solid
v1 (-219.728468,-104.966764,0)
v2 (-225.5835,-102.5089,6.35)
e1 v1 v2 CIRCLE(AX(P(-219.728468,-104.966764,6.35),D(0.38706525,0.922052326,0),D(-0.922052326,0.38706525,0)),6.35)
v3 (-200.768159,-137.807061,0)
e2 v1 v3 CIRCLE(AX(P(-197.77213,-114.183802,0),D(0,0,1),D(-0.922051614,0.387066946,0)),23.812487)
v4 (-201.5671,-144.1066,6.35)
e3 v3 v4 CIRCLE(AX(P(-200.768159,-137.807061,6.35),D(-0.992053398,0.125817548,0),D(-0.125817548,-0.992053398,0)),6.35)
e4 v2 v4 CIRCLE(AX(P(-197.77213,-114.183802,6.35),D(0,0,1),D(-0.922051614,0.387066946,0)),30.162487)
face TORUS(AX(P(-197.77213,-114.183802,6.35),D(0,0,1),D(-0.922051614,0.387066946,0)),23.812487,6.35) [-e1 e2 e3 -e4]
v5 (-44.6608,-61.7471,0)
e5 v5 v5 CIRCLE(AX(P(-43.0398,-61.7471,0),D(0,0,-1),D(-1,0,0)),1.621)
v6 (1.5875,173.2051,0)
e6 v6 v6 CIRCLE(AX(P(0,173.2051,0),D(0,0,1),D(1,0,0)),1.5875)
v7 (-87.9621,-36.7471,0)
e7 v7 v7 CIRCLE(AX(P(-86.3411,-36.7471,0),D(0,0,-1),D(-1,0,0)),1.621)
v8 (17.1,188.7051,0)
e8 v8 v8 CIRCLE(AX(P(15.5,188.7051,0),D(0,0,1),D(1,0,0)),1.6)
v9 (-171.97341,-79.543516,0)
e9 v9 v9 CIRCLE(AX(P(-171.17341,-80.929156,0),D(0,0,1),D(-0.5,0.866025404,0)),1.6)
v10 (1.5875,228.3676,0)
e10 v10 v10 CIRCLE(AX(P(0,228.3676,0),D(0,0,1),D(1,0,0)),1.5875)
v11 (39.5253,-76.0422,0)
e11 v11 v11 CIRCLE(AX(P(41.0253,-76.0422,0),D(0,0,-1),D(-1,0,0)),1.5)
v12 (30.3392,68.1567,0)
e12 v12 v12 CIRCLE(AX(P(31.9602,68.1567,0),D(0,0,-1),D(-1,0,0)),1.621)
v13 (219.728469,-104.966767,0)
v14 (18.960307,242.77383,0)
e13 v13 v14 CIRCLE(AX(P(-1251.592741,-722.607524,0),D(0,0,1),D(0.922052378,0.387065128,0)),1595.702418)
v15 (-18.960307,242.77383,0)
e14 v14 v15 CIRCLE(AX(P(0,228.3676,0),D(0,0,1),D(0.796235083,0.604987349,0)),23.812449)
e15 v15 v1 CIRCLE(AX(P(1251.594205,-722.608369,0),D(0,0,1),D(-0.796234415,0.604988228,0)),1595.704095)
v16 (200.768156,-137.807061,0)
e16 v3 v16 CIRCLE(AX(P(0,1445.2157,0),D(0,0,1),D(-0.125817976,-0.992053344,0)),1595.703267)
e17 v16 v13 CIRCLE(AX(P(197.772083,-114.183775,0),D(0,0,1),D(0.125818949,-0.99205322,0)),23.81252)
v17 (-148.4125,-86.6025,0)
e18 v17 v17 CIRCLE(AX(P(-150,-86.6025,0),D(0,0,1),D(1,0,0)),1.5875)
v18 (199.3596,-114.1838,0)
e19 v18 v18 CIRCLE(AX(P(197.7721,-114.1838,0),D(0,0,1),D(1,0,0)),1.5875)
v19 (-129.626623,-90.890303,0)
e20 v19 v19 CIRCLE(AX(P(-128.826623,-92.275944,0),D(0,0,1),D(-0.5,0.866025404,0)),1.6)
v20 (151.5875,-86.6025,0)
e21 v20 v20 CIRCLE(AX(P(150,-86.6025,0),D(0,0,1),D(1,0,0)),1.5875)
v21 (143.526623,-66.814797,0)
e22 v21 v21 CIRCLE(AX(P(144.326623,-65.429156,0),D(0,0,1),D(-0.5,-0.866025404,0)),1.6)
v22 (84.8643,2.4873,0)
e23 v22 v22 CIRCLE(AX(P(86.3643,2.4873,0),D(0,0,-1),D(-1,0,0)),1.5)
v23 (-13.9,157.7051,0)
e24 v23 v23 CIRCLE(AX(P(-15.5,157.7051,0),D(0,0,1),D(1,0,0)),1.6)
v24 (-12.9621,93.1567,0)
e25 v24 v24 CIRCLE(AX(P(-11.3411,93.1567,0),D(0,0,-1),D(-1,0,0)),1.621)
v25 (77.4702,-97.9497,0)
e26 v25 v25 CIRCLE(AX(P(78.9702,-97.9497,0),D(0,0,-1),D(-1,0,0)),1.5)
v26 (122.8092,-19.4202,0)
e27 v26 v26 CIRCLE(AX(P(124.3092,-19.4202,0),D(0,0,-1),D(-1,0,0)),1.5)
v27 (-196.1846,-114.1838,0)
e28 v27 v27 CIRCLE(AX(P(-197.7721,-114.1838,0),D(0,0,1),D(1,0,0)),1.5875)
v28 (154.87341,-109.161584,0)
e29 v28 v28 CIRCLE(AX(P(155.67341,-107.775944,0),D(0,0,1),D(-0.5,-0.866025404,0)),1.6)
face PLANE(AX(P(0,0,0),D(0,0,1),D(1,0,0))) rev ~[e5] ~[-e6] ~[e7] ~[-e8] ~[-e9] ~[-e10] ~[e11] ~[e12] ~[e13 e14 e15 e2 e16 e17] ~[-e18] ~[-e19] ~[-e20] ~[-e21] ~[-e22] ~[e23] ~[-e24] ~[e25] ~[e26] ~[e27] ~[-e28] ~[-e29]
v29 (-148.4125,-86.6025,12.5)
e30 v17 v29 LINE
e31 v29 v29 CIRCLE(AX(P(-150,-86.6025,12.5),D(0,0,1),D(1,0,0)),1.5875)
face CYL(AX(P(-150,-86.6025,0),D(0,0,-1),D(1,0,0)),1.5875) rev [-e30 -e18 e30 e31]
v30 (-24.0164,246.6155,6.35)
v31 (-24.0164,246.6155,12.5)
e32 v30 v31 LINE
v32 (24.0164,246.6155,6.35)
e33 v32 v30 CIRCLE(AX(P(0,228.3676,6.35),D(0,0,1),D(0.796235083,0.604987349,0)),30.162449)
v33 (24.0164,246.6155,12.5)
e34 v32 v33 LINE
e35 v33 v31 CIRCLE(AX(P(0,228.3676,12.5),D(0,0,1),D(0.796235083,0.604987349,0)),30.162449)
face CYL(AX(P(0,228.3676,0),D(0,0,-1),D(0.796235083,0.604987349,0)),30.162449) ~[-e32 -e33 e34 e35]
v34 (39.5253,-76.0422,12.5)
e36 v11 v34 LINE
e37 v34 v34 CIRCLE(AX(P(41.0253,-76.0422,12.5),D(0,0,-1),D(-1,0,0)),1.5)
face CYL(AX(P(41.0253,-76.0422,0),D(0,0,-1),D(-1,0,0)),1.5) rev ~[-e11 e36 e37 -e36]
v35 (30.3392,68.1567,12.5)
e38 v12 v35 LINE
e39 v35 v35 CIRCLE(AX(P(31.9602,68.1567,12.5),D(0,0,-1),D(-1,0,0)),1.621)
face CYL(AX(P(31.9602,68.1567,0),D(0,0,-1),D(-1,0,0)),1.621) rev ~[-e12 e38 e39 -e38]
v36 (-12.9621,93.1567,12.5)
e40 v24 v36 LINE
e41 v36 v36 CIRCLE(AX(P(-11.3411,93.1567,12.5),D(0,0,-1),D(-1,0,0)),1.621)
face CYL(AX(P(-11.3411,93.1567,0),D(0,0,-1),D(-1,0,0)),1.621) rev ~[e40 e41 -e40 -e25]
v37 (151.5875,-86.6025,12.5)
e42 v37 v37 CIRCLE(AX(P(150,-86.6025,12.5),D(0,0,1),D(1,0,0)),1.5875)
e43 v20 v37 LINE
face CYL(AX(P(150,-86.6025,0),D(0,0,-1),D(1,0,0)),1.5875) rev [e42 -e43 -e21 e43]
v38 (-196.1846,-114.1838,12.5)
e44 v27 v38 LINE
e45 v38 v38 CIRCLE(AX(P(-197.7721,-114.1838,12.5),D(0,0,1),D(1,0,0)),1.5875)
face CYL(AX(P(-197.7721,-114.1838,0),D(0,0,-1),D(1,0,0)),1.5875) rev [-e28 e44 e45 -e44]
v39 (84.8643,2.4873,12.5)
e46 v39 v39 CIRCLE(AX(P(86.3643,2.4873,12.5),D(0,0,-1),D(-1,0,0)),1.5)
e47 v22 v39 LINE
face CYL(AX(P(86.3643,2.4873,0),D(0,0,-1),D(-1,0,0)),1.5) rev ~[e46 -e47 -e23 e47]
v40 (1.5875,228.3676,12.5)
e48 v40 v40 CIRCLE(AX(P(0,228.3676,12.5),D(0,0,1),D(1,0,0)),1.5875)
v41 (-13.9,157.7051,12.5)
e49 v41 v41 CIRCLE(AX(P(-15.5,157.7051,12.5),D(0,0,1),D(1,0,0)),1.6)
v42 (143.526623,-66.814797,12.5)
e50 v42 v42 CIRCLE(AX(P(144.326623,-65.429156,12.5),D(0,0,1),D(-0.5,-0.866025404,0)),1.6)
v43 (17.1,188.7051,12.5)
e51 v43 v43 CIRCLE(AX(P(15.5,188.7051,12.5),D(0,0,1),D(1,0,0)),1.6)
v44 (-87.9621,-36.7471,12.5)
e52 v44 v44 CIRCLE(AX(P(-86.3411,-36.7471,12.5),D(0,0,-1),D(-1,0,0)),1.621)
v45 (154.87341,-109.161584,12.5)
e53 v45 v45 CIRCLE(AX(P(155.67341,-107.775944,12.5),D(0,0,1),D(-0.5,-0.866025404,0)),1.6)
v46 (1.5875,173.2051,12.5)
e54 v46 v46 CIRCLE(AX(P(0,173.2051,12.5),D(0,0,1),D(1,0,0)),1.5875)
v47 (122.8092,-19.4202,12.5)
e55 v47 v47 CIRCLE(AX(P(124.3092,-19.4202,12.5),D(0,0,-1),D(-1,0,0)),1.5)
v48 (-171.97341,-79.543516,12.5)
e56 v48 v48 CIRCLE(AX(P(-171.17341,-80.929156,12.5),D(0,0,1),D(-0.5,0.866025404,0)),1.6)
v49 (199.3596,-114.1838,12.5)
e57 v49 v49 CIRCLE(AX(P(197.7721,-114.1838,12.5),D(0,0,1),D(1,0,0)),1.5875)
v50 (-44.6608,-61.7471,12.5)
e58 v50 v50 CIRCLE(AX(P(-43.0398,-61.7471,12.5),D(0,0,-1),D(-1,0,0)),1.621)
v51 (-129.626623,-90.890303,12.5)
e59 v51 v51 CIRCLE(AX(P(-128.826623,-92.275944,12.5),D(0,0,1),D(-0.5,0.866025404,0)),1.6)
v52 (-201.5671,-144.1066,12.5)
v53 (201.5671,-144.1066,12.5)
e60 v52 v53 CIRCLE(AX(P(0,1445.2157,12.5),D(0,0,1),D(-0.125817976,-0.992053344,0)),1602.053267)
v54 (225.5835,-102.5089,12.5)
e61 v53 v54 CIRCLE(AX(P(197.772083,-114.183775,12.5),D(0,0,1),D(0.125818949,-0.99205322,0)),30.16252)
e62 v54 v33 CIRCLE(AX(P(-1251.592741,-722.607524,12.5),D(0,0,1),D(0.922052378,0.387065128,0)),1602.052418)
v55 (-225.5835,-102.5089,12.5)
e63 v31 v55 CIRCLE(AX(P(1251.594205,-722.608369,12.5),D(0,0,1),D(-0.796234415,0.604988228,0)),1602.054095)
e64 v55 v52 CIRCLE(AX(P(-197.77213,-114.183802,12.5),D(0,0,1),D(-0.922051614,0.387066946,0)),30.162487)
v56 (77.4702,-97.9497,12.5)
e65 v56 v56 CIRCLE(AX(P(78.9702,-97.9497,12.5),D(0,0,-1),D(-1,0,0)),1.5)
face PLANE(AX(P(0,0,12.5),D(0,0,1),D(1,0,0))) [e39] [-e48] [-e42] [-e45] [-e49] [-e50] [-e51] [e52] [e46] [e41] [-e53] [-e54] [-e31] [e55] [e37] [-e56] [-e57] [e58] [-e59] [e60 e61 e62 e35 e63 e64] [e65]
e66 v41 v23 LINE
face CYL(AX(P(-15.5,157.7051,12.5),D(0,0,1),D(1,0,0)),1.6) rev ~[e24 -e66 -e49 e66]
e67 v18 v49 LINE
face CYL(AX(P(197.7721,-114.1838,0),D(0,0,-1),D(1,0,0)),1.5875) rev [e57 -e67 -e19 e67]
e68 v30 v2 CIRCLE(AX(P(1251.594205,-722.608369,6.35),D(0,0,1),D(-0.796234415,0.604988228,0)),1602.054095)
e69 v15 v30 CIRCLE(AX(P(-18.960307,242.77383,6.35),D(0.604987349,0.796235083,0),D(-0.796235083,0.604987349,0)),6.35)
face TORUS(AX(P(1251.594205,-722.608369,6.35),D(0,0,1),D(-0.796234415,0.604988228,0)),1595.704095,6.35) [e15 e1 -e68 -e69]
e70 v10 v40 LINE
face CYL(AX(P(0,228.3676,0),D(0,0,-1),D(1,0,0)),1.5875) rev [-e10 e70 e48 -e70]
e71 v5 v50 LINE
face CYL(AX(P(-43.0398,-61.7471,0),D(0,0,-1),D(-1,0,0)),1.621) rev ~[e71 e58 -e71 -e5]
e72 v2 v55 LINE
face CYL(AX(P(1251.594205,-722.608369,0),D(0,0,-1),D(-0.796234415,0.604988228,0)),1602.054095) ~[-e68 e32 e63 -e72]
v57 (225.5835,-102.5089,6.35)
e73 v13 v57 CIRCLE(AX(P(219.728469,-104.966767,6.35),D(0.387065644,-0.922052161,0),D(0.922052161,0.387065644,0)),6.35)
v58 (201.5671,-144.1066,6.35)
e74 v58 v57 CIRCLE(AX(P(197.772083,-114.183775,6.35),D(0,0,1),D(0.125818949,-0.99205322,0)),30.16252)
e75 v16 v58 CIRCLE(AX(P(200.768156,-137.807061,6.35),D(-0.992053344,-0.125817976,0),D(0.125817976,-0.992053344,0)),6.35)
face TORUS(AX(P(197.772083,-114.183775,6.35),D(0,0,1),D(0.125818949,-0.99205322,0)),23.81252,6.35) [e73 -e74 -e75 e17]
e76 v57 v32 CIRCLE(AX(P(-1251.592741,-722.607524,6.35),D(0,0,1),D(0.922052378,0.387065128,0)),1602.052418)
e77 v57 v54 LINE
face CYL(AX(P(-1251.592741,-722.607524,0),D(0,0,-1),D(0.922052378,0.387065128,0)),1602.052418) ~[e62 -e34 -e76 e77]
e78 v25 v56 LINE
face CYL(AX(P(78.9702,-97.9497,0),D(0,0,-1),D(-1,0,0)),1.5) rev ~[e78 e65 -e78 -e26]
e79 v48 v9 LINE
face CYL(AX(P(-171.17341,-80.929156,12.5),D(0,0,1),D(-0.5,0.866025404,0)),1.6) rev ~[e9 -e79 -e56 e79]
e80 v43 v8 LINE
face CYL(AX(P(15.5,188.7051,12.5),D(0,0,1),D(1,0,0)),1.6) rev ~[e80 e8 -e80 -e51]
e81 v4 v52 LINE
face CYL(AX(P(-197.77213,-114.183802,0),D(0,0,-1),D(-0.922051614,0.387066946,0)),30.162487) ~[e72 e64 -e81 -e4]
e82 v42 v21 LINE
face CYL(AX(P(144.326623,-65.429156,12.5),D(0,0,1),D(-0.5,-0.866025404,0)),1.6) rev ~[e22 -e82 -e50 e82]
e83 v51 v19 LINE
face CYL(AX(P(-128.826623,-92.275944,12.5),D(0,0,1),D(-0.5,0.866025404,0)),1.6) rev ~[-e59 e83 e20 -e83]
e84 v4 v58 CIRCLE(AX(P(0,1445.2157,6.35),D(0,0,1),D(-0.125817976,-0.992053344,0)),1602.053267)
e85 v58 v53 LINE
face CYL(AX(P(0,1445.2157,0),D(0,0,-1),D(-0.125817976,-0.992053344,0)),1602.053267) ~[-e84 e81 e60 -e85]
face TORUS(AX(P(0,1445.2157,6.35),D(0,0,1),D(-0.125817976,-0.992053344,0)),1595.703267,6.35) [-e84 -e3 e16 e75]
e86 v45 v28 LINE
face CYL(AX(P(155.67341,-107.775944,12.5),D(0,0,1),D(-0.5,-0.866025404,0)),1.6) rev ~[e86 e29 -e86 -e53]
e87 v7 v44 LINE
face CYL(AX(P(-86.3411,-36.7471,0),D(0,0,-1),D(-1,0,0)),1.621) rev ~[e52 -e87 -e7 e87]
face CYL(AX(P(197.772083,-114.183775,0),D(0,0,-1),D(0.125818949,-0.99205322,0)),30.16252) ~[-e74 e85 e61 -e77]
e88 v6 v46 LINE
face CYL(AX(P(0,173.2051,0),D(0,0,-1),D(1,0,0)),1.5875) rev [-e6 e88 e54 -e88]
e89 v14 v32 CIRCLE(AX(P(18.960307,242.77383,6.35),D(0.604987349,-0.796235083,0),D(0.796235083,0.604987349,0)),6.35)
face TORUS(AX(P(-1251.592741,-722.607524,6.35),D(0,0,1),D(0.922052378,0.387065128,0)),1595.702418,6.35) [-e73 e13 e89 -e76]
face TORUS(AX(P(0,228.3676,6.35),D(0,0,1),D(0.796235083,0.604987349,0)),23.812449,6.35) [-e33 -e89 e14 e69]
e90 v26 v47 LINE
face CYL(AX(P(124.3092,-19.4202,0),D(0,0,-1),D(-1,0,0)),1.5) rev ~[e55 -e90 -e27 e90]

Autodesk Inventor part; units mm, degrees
ref_plane "YZ Plane" through (0, 0, 0) normal (1, 0, 0) x (0, 1, 0)
ref_plane "XZ Plane" through (0, 0, 0) normal (0, 1, 0) x (-1, 0, 0)
ref_plane "XY Plane" through (0, 0, 0) normal (0, 0, 1) x (1, 0, 0)
sketch "Sketch1" plane through (0, 0, 0) normal (0, 0, 1) x (1, 0, 0)
  line L0 (0, -144.3376) -> (-125, 72.1688) construction
  line L1 (-125, 72.1688) -> (125, 72.1688) construction
  line L2 (125, 72.1688) -> (0, -144.3376) construction
  line L3 (0, 173.2051) -> (150, -86.6025) construction
  line L4 (150, -86.6025) -> (-150, -86.6025) construction
  line L5 (-150, -86.6025) -> (0, 173.2051) construction
  circle A0 centre (-150, -86.6025) radius 1.5875
  circle A1 centre (150, -86.6025) radius 1.5875
  circle A2 centre (0, 173.2051) radius 1.5875
  circle A3 centre (-125, 72.1688) radius 4.25
  circle A4 centre (125, 72.1688) radius 4.25
  circle A5 centre (0, -144.3376) radius 4.25
  circle A6 centre (-150, -86.6025) radius 25 construction
  line L6 (-250.0151, -144.3463) -> (0, 288.6926) construction
  line L7 (0, 288.6926) -> (250.0151, -144.3463) construction
  line L8 (250.0151, -144.3463) -> (-250.0151, -144.3463) construction
  arc A7 (-225.5835, -102.5089) -> (-201.5671, -144.1066) centre (-197.7721, -114.1838) ccw
  circle A8 centre (-125, 72.1688) radius 12.5 construction
  arc A9 (24.0164, 246.6155) -> (-24.0164, 246.6155) centre (0, 228.3676) ccw
  arc A10 (201.5671, -144.1066) -> (225.5835, -102.5089) centre (197.7721, -114.1838) ccw
  arc A11 (-24.0164, 246.6155) -> (-225.5835, -102.5089) centre (1251.5935, -722.6079) ccw
  arc A12 (225.5835, -102.5089) -> (24.0164, 246.6155) centre (-1251.5935, -722.6079) ccw
  arc A13 (-201.5671, -144.1066) -> (201.5671, -144.1066) centre (0, 1445.2157) ccw
  circle A14 centre (0, 228.3676) radius 1.5875
  circle A15 centre (-197.7721, -114.1838) radius 1.5875
  circle A16 centre (197.7721, -114.1838) radius 1.5875
  point P0 (0, 0)
  point P1 (0, 0)
  point P2 (0, 0)
  point P3 (0, 0)
  dimension "d0" = 300
  dimension "d1" = 250
  dimension "d2" = 3.175
  dimension "d3" = 8.5
  dimension "d4" = 50
  dimension "d5" = 60.325
  dimension "d6" = 25
  dimension "d9" = 3.175
extrude "Extrusion2" add sketch "Sketch1" along normal blind 12.5 contours A3 | A4 | A5 | A11 A9 A12 A10 A13 A7
sketch "Sketch8" plane through (0, 0, 12.5) normal (0, 0, 1) x (1, 0, 0)
  circle A0 centre (0, 173.2051) radius 1.5875 projected
  line L0 (15.5, 157.7051) -> (-15.5, 157.7051) construction
  line L1 (-15.5, 157.7051) -> (-15.5, 188.7051) construction
  line L2 (-15.5, 188.7051) -> (15.5, 188.7051) construction
  line L3 (15.5, 188.7051) -> (15.5, 157.7051) construction
  circle A1 centre (-15.5, 157.7051) radius 1.6
  circle A2 centre (15.5, 188.7051) radius 1.6
  point P0 (0, 0)
  dimension "d34" = 3.2
  dimension "d36" = 31
extrude "Extrusion9" cut sketch "Sketch8" against normal through all contours A1 | A2
pattern_circular "Circular Pattern1" count 3 over 360 about axis through (0, 0, -10) along (0, 0, 1) of "Extrusion9"
sketch "Sketch9" plane through (0, 0, 0) normal (0, 0, -1) x (-1, 0, 0)
  circle A0 centre (43.0398, -61.7471) radius 1.621 projected
  circle A1 centre (11.3411, 93.1567) radius 1.621 projected
  circle A2 centre (-31.9602, 68.1567) radius 1.621 projected
  circle A3 centre (86.3411, -36.7471) radius 1.621 projected
  line L0 (-76.356, 80.0525) -> (31.144, -106.143) projected
  line L1 (31.144, -106.143) -> (130.7369, -48.643) projected
  line L2 (130.7369, -48.643) -> (23.2369, 137.5525) projected
  line L3 (23.2369, 137.5525) -> (-76.356, 80.0525) projected
  line L4 (-51.5025, -76.895) -> (-72.9929, -89.3025) projected
  arc A4 (-79.8231, -87.4724) -> (-72.9929, -89.3025) centre (-75.4929, -84.9724) ccw projected
  line L5 (-79.8231, -87.4724) -> (-115.6621, -25.3974) projected
  arc A5 (-113.8319, -18.5673) -> (-115.6621, -25.3974) centre (-111.3319, -22.8974) ccw projected
  line L6 (-113.8319, -18.5673) -> (-92.3415, -6.1598) projected
  arc A6 (-85.5114, -7.9899) -> (-92.3415, -6.1598) centre (-89.8415, -10.4899) ccw projected
  line L7 (-85.5114, -7.9899) -> (-49.6724, -70.0649) projected
  arc A7 (-51.5025, -76.895) -> (-49.6724, -70.0649) centre (-54.0025, -72.5649) ccw projected
  circle A8 centre (-41.0253, -76.0422) radius 1.5 projected
  circle A9 centre (-78.9702, -97.9497) radius 1.5 projected
  circle A10 centre (-86.3643, 2.4873) radius 1.5 projected
  arc A11 (-125.8092, -16.8221) -> (-126.9072, -20.9202) centre (-124.3092, -19.4202) ccw projected
  line L8 (-126.9072, -20.9202) -> (-81.5682, -99.4497) projected
  arc A12 (-81.5682, -99.4497) -> (-77.4702, -100.5477) centre (-78.9702, -97.9497) ccw projected
  line L9 (-77.4702, -100.5477) -> (-39.5253, -78.6402) projected
  arc A13 (-39.5253, -78.6402) -> (-38.4272, -74.5422) centre (-41.0253, -76.0422) ccw projected
  line L10 (-38.4272, -74.5422) -> (-83.7662, 3.9873) projected
  arc A14 (-83.7662, 3.9873) -> (-87.8643, 5.0854) centre (-86.3643, 2.4873) ccw projected
  line L11 (-87.8643, 5.0854) -> (-125.8092, -16.8221) projected
  circle A15 centre (-124.3092, -19.4202) radius 1.5 projected
  point P0 (0, 0)
extrude "Extrusion10" cut sketch "Sketch9" against normal through all contours A0 | A1 | A2 | A3 | A8 | A9 | A10 | A15
fillet "Fillet2" radius 6.35 6 edges at (0, 258.5301, 0) (135.8253, 78.4188, 0) (223.8936, -129.265, 0) (0, -156.8376, 0) (-223.8936, -129.265, 0) (-135.8253, 78.4188, 0)
sketch "Sketch2" plane through (0, 0, 12.5) normal (0, 0, 1) x (1, 0, 0)
  circle A0 centre (0, 0) radius 105
  dimension "d12" = 210
sketch "Sketch3" plane through (0, 0, 10.595) normal (0, 0, 1) x (1, 0, 0)
  circle A0 centre (0, 0) radius 105 projected
  line L0 (-31.25, 100.2419) -> (-31.25, 30)
  line L1 (-31.25, 30) -> (31.25, 30)
  line L2 (31.25, 30) -> (31.25, 100.2419)
  line L3 (0, 30) -> (0, 105) construction
  dimension "d16" = 75
  dimension "d18" = 62.5
sketch "Sketch4" plane through (0, 0, 12.5) normal (0, 0, 1) x (1, 0, 0)
  circle A0 centre (0, 0) radius 105 projected
  circle A1 centre (0, 105) radius 12.5
  dimension "d21" = 25
sketch "Sketch5" plane through (0, 0, 12.5) normal (0, 0, 1) x (1, 0, 0)
  arc A0 (24.0164, 246.6155) -> (-24.0164, 246.6155) centre (0, 228.3676) ccw projected
  arc A1 (201.5671, -144.1066) -> (225.5835, -102.5089) centre (197.7721, -114.1838) ccw projected
  circle A2 centre (0, 228.3676) radius 1.5875 projected
  circle A3 centre (-197.7721, -114.1838) radius 1.5875 projected
  circle A4 centre (197.7721, -114.1838) radius 1.5875 projected
  circle A5 centre (0, 228.3676) radius 30.1625
  circle A6 centre (197.7721, -114.1838) radius 30.1625
  circle A7 centre (-197.7721, -114.1838) radius 30.1625
sketch "Sketch6" plane through (-193.442, -111.6838, 571.3) normal (0, 0, 1) x (1, 0, 0)
  circle A0 centre (0, 0) radius 1.5875 projected
  circle A1 centre (0, 0) radius 30.1625 projected
  arc A2 (205.9198, 215.9397) -> (180.9642, 215.9397) centre (193.442, 216.6838) ccw projected
  arc A3 (180.9642, 215.9397) -> (205.9198, 215.9397) centre (193.442, 111.6838) ccw projected
  circle A4 centre (193.442, -32.6538) radius 4.25 projected
  circle A5 centre (318.442, 183.8526) radius 4.25 projected
  circle A6 centre (68.442, 183.8526) radius 4.25 projected
  circle A7 centre (193.442, 284.8889) radius 1.5875 projected
  circle A8 centre (343.442, 25.0812) radius 1.5875 projected
  circle A9 centre (43.442, 25.0812) radius 1.5875 projected
  arc A10 (-4.6471, -29.8024) -> (-28.1332, 10.8766) centre (0, 0) ccw projected
  arc A11 (-4.6471, -29.8024) -> (391.5311, -29.8024) centre (193.442, 1240.5571) ccw projected
  arc A12 (415.0172, 10.8766) -> (391.5311, -29.8024) centre (386.884, 0) ccw projected
  arc A13 (415.0172, 10.8766) -> (216.928, 353.9771) centre (-784.1909, -452.7528) ccw projected
  arc A14 (169.956, 353.9771) -> (216.928, 353.9771) centre (193.442, 335.0514) ccw projected
  arc A15 (169.956, 353.9771) -> (-28.1332, 10.8766) centre (1171.0749, -452.7528) ccw projected
  circle A16 centre (193.442, 335.0514) radius 1.5875 projected
  circle A17 centre (193.442, 335.0514) radius 30.1625 projected
  circle A18 centre (386.884, 0) radius 1.5875 projected
  circle A19 centre (386.884, 0) radius 30.1625 projected
sketch "Sketch7" plane through (-193.442, -111.6838, -89.1) normal (0, 0, -1) x (-1, 0, 0)
  circle A0 centre (0, 0) radius 30.1625 projected
  circle A1 centre (-68.442, 183.8526) radius 4.25 projected
  circle A2 centre (-318.442, 183.8526) radius 4.25 projected
  circle A3 centre (-193.442, -32.6538) radius 4.25 projected
  circle A4 centre (-43.442, 25.0812) radius 1.5875 projected
  circle A5 centre (-343.442, 25.0812) radius 1.5875 projected
  circle A6 centre (-193.442, 284.8889) radius 1.5875 projected
  circle A7 centre (-386.884, 0) radius 1.5875 projected
  circle A8 centre (-193.442, 335.0514) radius 1.5875 projected
  circle A9 centre (0, 0) radius 1.5875 projected
  arc A10 (-169.956, 353.9771) -> (-216.928, 353.9771) centre (-193.442, 335.0514) ccw projected
  arc A11 (28.1332, 10.8766) -> (-169.956, 353.9771) centre (-1171.0749, -452.7528) ccw projected
  arc A12 (-391.5311, -29.8024) -> (4.6471, -29.8024) centre (-193.442, 1240.5571) ccw projected
  arc A13 (-415.0172, 10.8766) -> (-391.5311, -29.8024) centre (-386.884, 0) ccw projected
  arc A14 (-216.928, 353.9771) -> (-415.0172, 10.8766) centre (784.1909, -452.7528) ccw projected
  arc A15 (4.6471, -29.8024) -> (28.1332, 10.8766) centre (0, 0) ccw projected
  point P0 (-193.442, 111.6838)
properties part number "BOT PLATE"
